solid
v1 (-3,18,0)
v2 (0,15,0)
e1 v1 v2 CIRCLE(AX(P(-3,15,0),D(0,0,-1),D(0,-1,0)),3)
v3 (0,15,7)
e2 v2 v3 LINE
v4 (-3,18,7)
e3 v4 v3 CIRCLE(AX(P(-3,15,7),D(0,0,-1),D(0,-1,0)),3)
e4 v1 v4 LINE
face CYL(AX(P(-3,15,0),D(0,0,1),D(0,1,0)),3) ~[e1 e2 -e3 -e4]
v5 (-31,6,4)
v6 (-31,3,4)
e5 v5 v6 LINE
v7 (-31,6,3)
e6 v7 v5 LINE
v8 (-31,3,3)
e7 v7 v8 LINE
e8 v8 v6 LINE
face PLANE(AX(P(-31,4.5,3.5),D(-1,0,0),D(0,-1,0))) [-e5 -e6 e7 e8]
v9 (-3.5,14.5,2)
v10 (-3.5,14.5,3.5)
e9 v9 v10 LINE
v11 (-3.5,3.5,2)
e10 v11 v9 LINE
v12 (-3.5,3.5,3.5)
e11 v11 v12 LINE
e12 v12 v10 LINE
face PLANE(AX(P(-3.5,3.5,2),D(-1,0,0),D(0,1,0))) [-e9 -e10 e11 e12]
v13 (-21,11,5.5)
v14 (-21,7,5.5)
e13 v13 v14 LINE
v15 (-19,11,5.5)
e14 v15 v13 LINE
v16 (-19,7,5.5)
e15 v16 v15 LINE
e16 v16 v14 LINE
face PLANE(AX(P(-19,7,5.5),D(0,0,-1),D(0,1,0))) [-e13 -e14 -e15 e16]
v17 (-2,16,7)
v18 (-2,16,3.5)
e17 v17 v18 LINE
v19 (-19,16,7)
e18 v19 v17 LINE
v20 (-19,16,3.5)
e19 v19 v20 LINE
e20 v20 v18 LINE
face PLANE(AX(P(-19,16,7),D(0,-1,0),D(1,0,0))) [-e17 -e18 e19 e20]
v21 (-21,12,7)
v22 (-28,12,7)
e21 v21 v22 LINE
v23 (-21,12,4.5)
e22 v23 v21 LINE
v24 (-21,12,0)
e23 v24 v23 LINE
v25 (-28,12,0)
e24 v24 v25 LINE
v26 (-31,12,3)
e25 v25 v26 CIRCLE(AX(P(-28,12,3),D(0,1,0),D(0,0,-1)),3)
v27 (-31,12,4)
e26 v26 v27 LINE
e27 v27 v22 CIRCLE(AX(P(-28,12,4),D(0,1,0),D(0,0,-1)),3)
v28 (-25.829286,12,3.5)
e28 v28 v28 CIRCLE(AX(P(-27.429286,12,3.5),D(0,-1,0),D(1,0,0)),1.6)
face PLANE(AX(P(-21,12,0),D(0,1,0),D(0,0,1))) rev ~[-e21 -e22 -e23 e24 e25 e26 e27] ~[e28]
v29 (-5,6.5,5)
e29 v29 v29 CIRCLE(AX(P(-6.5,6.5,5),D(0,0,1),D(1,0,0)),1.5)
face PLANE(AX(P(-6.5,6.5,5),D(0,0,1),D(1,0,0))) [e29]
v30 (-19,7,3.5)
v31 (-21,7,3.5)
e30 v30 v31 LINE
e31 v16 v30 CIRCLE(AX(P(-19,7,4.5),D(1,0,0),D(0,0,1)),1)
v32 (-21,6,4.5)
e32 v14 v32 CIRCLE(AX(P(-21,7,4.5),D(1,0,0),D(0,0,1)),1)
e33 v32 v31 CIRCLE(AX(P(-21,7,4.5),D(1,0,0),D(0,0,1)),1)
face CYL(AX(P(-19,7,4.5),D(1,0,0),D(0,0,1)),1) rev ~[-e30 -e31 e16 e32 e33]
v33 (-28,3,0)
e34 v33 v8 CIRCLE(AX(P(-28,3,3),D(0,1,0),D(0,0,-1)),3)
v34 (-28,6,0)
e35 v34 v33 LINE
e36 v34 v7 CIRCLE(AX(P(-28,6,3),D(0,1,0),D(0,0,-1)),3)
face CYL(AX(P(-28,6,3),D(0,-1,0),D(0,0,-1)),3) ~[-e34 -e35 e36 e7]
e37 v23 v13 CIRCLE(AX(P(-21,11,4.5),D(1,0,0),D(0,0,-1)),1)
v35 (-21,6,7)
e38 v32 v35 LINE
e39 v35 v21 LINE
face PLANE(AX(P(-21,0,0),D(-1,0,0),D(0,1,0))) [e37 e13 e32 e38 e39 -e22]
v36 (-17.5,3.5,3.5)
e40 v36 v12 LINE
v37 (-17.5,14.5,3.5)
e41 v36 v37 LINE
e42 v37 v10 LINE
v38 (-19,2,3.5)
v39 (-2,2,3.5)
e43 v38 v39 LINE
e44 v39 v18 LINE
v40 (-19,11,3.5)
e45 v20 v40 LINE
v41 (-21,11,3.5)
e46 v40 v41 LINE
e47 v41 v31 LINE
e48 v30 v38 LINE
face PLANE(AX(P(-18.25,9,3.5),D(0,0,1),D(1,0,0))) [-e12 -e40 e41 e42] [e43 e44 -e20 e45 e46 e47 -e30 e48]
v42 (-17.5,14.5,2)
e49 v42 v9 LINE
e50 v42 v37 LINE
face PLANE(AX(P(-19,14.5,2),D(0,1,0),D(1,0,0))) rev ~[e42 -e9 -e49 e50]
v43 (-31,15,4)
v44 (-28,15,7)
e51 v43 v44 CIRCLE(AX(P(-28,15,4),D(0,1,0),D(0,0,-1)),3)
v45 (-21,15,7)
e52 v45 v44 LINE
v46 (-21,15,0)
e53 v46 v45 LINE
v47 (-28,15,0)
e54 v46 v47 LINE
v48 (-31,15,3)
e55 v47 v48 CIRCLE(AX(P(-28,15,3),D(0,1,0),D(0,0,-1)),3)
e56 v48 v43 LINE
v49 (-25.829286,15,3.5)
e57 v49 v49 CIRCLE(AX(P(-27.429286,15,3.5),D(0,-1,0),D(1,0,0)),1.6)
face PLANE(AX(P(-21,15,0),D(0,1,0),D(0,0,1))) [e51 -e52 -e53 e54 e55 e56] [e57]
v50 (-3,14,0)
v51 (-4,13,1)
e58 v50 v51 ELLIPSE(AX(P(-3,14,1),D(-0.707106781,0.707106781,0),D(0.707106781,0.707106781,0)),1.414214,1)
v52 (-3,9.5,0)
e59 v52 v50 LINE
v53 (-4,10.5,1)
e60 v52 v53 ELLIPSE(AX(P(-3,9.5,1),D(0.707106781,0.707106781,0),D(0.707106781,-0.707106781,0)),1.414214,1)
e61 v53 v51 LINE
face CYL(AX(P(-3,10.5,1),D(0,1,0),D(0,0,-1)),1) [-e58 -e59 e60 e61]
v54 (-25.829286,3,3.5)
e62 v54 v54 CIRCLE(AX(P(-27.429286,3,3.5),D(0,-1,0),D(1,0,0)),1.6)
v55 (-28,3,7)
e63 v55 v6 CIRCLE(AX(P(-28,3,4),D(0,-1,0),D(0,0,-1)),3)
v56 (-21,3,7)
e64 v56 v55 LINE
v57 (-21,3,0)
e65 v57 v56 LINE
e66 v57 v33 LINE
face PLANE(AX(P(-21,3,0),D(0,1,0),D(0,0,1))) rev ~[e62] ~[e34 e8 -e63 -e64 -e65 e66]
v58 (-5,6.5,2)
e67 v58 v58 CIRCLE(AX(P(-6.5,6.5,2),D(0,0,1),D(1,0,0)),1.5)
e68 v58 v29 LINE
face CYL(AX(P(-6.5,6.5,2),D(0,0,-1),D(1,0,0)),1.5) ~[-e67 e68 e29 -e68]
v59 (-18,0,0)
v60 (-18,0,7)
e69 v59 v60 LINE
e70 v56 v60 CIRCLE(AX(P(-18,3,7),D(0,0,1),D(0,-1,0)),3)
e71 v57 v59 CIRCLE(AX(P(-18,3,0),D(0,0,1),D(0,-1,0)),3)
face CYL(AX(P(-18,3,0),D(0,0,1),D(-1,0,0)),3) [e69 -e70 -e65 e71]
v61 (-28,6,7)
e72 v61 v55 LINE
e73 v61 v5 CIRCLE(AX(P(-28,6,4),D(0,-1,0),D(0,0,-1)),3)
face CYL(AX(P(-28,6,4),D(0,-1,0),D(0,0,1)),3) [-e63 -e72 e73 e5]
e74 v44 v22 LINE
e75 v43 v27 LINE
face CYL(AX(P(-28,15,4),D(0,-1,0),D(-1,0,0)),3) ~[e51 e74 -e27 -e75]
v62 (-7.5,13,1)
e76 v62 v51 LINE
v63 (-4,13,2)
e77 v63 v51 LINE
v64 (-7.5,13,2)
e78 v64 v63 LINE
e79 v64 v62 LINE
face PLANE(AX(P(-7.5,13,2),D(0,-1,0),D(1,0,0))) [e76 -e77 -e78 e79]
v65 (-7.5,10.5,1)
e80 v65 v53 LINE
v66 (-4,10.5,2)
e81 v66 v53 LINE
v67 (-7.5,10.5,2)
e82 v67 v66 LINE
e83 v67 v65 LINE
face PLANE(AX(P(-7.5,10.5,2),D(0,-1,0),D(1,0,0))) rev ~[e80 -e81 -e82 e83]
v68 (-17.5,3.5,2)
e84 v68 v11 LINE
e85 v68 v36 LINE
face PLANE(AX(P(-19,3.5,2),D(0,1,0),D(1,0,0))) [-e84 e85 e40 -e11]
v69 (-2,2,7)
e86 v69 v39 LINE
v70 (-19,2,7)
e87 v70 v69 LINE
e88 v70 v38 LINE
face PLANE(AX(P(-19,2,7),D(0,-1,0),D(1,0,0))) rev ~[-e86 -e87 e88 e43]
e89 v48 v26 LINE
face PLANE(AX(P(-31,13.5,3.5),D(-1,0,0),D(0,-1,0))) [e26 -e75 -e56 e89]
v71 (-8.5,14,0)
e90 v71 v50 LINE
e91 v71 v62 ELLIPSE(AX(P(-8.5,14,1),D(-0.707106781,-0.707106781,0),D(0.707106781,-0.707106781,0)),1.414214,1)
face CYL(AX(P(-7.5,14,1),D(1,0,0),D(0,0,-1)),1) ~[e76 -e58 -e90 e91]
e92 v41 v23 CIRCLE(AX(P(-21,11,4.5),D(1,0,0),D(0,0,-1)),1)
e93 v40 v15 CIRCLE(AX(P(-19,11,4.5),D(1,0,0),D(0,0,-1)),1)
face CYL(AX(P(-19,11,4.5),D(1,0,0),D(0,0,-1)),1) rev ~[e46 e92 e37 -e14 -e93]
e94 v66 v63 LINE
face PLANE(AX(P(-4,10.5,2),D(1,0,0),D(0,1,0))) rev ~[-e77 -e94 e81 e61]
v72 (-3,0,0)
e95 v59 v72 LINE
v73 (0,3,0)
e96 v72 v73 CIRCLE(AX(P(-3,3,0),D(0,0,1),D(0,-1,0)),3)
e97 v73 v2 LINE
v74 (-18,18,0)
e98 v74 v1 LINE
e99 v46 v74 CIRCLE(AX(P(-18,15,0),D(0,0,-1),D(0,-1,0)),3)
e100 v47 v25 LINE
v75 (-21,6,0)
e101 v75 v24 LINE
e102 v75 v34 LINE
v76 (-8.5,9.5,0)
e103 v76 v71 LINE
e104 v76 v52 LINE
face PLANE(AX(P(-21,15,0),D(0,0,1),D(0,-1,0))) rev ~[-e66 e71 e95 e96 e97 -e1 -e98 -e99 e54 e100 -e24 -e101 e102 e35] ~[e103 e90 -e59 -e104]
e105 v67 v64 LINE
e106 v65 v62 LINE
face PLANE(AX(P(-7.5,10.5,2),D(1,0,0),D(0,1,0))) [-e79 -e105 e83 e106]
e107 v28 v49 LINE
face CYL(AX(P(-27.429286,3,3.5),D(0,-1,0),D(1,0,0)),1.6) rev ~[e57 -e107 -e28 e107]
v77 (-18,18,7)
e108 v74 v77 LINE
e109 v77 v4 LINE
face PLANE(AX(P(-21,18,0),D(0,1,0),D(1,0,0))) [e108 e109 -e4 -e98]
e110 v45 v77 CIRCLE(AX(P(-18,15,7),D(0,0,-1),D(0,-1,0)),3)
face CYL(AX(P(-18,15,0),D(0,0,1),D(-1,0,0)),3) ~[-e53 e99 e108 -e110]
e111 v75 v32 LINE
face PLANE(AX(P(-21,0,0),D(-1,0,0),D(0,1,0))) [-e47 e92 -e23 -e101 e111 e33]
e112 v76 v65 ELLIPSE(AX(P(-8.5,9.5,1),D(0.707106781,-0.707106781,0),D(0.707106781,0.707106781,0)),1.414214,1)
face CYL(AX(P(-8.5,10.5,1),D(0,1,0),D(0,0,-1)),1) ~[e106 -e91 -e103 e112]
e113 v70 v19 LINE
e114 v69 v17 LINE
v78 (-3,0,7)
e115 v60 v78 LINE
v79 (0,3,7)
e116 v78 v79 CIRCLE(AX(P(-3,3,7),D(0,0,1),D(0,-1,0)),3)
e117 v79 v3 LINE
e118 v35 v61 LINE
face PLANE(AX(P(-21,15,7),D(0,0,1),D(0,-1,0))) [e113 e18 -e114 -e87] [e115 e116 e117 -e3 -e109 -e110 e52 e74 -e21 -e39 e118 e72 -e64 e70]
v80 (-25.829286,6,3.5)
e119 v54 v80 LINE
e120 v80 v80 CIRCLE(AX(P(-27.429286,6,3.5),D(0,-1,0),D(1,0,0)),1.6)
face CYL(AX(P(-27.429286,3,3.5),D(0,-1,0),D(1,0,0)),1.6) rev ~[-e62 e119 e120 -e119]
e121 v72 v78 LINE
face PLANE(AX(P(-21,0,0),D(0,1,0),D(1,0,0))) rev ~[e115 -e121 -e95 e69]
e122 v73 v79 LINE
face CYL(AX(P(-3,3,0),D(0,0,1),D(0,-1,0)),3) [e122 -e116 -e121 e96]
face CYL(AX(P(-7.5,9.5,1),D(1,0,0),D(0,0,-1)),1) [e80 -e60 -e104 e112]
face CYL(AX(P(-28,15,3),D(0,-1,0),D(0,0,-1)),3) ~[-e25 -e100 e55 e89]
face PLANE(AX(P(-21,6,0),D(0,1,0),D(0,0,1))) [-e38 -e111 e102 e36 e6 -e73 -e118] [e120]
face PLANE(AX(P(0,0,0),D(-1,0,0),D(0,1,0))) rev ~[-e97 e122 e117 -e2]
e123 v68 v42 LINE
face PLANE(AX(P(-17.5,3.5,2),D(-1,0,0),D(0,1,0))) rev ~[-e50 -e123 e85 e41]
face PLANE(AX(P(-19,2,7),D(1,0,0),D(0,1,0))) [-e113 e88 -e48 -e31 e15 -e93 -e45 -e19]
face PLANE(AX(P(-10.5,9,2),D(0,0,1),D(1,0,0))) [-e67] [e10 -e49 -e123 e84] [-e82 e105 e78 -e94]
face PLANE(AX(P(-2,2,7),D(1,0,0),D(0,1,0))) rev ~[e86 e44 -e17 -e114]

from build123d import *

# Parameters (mm, degrees)
SKETCH_W        = 21
SKETCH_H        = 18
PAD_DEPTH       = 7
SKETCH001_W     = 17
SKETCH001_H     = 14
POCKET_DEPTH    = 5
SKETCH003_W     = 17
SKETCH003_H     = 1.5
PAD001_DEPTH    = 1.5
SKETCH004_W     = 1.5
SKETCH004_H     = 11
PAD002_DEPTH    = 1.5
POCKET001_DEPTH = 5
FILLET_R        = 3
SKETCH006_W     = 3.5
SKETCH006_H     = 2.5
POCKET002_DEPTH = 5
SKETCH007_R     = 1.5
PAD003_DEPTH    = 3
SKETCH008_W     = 3
SKETCH008_H     = 7
PAD004_DEPTH    = 10
SKETCH009_R     = 1.6
POCKET003_DEPTH = 15.001
FILLET001_R     = 3
FILLET002_R     = 1


with BuildPart() as part:
    # Sketch → Pad (new body)
    with BuildSketch(Plane.XY):
        with Locations((-10.5, 9)):
            Rectangle(SKETCH_W, SKETCH_H)
    extrude(amount=PAD_DEPTH)

    # Sketch001 (on Face6 of Pad) → Pocket (cut)
    with BuildSketch(Plane.XY.offset(7)):
        with Locations((-10.5, 9)):
            Rectangle(SKETCH001_W, SKETCH001_H)
    extrude(amount=-POCKET_DEPTH, mode=Mode.SUBTRACT)

    # Sketch003 (on Face11 of Pocket) → Pad001 (join)
    with BuildSketch(Plane.XY.offset(2)):
        with Locations((-10.5, 15.25)):
            Rectangle(SKETCH003_W, SKETCH003_H)
        with Locations((-10.5, 2.75)):
            Rectangle(SKETCH003_W, SKETCH003_H)
    extrude(amount=PAD001_DEPTH)

    # Sketch004 (on Face14 of Pad001) → Pad002 (join)
    with BuildSketch(Plane.XY.offset(2)):
        with Locations((-18.25, 9)):
            Rectangle(SKETCH004_W, SKETCH004_H)
        with Locations((-2.75, 9)):
            Rectangle(SKETCH004_W, SKETCH004_H)
    extrude(amount=PAD002_DEPTH)

    # Sketch005 (on Face10 of Pad002) → Pocket001 (cut)
    with BuildSketch(Plane.YZ.offset(-19)):
        with BuildLine():
            ThreePointArc((7, 5.5), (6, 4.5), (7, 3.5))
            Line((7, 3.5), (11, 3.5))
            ThreePointArc((11, 3.5), (12, 4.5), (11, 5.5))
            Line((7, 5.5), (11, 5.5))
        make_face()
    extrude(amount=-POCKET001_DEPTH, mode=Mode.SUBTRACT)

    # Fillet
    fillet_edges = [part.edges().sort_by_distance(p)[0] for p in [
        (0, 0, 3.5),
        (-21, 0, 3.5),
        (-21, 18, 3.5),
        (0, 18, 3.5),
    ]]
    fillet(fillet_edges, radius=FILLET_R)

    # Sketch006 (on Face23 of Pocket001) → Pocket002 (cut)
    with BuildSketch(Plane.XY.offset(2)):
        with Locations((-5.75, 11.75)):
            Rectangle(SKETCH006_W, SKETCH006_H)
    extrude(amount=-POCKET002_DEPTH, mode=Mode.SUBTRACT)

    # Sketch007 (on Face23 of Pocket002) → Pad003 (join)
    with BuildSketch(Plane.XY.offset(2)):
        with Locations((-6.5, 6.5)):
            Circle(SKETCH007_R)
    extrude(amount=PAD003_DEPTH)

    # Sketch008 (on Face7 of Pad003) → Pad004 (join)
    with BuildSketch(Plane(origin=(-21, 0, 0), x_dir=(0, -1, 0), z_dir=(-1, 0, 0))):
        with Locations((-13.5, 3.5)):
            Rectangle(SKETCH008_W, SKETCH008_H)
        with Locations((-4.5, 3.5)):
            Rectangle(SKETCH008_W, SKETCH008_H)
    extrude(amount=PAD004_DEPTH)

    # Sketch009 (on Face17 of Pad004) → Pocket003 (cut, through all)
    with BuildSketch(Plane.XZ.offset(-3)):
        with Locations((-27.429286, 3.5)):
            Circle(SKETCH009_R)
    extrude(amount=-POCKET003_DEPTH, mode=Mode.SUBTRACT)

    # Fillet001
    fillet001_edges = [part.edges().sort_by_distance(p)[0] for p in [
        (-31, 4.5, 7),
        (-31, 4.5, 0),
        (-31, 13.5, 0),
        (-31, 13.5, 7),
    ]]
    fillet(fillet001_edges, radius=FILLET001_R)

    # Fillet002
    fillet002_edges = [part.edges().sort_by_distance(p)[0] for p in [
        (-5.75, 13, 0),
        (-7.5, 11.75, 0),
        (-5.75, 10.5, 0),
        (-4, 11.75, 0),
    ]]
    fillet(fillet002_edges, radius=FILLET002_R)


solid = part.part
